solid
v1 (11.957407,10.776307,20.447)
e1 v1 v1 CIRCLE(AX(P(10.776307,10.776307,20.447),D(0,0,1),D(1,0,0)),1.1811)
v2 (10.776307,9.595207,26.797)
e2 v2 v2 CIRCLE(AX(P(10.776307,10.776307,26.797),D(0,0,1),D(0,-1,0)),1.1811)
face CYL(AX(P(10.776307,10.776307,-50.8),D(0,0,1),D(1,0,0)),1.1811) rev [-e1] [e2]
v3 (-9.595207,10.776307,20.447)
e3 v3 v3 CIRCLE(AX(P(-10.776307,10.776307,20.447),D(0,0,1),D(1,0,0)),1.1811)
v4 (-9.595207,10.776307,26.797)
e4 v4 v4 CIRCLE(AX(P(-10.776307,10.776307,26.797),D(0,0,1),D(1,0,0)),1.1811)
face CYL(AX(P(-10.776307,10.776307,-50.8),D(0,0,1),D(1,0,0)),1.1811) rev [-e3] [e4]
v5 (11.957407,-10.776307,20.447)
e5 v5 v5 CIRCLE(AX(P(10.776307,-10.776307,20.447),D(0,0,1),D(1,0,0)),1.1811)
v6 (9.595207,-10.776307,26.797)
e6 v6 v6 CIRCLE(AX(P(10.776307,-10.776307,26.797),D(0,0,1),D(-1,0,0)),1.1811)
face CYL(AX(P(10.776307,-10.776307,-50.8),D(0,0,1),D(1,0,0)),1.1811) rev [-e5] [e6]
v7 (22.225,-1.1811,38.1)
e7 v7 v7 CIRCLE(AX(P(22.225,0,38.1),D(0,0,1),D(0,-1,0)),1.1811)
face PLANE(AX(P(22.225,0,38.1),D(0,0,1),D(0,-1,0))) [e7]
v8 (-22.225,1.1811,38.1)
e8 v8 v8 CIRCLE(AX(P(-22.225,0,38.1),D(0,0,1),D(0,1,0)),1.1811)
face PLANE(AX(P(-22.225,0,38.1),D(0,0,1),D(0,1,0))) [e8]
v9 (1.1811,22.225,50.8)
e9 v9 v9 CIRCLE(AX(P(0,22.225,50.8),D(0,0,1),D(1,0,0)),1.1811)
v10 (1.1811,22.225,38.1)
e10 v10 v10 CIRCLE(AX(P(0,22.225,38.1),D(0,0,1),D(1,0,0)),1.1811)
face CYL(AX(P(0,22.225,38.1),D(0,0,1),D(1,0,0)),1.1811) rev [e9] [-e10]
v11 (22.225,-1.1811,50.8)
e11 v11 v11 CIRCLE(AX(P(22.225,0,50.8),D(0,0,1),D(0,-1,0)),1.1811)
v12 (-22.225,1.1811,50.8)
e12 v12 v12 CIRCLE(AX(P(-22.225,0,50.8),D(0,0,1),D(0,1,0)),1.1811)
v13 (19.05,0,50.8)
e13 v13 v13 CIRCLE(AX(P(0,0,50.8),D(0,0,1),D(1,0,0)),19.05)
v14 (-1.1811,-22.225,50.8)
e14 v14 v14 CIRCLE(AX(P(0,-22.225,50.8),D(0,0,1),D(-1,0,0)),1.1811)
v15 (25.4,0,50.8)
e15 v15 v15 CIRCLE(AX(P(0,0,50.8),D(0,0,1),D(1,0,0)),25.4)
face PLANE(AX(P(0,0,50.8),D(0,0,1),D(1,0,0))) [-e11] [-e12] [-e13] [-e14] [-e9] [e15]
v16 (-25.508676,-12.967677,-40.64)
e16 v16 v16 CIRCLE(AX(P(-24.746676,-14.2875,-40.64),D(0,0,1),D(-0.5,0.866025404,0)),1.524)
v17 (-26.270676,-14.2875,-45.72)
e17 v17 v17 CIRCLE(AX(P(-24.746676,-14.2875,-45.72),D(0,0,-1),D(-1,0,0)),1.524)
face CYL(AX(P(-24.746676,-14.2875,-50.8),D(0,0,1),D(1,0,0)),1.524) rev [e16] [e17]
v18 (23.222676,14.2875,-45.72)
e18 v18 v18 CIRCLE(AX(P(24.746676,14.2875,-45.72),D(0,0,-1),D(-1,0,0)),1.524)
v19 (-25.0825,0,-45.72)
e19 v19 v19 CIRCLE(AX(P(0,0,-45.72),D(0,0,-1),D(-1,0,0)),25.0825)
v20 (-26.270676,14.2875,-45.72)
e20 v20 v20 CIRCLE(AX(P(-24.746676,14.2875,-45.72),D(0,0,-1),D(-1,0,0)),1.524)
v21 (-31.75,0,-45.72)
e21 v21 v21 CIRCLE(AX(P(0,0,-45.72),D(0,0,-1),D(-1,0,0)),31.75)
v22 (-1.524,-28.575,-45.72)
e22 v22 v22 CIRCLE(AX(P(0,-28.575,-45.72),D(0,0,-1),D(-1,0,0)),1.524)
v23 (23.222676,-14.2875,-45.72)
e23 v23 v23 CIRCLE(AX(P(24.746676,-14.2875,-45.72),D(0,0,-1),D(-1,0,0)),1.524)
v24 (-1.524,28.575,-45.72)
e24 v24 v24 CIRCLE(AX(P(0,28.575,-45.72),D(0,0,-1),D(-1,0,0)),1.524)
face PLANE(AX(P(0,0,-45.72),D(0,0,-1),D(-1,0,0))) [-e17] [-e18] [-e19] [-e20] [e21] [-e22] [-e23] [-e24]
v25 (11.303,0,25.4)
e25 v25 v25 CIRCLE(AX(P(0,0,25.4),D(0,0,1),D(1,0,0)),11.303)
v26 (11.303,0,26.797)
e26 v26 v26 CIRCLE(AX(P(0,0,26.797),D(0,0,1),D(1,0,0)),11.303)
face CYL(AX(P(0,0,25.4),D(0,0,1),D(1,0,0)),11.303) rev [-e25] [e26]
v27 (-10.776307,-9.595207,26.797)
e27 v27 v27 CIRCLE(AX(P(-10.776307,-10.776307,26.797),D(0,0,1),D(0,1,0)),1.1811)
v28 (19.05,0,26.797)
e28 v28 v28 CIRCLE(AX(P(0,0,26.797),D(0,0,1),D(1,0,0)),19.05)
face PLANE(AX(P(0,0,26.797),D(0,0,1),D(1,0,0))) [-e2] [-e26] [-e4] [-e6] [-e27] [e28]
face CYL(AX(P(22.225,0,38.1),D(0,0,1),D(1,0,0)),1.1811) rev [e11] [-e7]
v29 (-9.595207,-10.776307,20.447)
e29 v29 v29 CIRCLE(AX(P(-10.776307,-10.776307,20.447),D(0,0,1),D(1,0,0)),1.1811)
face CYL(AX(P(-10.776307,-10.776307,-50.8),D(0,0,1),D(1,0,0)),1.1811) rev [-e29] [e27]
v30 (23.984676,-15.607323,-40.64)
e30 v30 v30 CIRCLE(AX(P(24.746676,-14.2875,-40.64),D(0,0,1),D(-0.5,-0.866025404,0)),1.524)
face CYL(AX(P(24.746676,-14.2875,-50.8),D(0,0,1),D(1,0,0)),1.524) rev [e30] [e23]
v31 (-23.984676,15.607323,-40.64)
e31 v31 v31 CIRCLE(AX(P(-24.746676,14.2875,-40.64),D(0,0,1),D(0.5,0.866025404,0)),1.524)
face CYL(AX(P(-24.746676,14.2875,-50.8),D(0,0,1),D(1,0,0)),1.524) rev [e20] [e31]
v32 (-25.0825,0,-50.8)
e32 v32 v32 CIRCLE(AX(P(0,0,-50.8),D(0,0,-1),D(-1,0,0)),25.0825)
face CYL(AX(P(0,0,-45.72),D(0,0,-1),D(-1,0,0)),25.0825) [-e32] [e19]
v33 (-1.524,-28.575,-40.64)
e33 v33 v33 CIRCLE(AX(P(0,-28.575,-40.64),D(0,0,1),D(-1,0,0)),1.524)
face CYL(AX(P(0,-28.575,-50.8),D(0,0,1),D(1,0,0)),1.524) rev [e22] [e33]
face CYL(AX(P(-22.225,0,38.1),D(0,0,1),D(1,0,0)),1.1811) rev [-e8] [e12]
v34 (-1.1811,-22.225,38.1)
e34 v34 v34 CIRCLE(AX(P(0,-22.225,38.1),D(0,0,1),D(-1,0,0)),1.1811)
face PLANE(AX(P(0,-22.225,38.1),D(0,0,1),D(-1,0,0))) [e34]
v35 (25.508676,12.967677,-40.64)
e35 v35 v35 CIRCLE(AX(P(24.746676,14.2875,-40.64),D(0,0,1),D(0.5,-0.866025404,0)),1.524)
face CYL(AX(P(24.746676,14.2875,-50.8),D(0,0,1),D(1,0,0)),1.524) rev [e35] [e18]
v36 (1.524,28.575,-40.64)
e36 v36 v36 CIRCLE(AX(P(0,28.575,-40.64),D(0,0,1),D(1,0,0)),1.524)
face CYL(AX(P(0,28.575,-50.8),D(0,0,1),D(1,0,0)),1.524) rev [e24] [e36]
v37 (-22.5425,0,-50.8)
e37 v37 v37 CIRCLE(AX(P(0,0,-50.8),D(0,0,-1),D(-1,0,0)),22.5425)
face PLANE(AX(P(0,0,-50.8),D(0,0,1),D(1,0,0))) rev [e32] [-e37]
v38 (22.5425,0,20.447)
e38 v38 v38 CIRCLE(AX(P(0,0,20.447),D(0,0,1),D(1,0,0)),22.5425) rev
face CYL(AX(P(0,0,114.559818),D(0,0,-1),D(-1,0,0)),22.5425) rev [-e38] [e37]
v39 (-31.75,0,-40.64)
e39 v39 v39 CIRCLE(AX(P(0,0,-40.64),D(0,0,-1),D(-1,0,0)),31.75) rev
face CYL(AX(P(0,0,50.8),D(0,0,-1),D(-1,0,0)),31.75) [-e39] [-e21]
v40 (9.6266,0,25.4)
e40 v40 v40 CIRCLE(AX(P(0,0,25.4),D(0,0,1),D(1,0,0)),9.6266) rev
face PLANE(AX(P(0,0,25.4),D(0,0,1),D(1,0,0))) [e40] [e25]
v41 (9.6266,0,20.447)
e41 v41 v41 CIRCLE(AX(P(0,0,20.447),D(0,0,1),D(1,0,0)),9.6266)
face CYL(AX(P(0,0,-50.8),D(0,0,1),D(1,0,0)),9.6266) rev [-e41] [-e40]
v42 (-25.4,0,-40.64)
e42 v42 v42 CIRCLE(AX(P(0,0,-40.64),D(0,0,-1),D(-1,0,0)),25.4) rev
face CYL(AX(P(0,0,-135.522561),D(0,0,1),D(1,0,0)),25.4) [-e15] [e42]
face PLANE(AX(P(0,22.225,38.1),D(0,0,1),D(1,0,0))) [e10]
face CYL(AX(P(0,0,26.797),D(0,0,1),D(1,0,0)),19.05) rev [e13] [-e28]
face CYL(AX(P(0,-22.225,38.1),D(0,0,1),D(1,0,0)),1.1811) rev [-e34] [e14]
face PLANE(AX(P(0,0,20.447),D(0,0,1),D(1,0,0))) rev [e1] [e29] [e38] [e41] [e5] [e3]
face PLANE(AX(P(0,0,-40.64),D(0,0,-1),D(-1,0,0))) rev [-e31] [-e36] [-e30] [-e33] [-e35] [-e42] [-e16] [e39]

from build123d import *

# Parameters (mm, degrees)
SKETCH1_R           = 31.75
BOSS_EXTRUDE1_DEPTH = 50.8
SKETCH2_R           = 31.75
SKETCH2_R_2         = 25.0825
CUT_EXTRUDE1_DEPTH  = 5.08
SKETCH3_R           = 22.5425
CUT_EXTRUDE2_DEPTH  = 71.247
SKETCH4_R           = 31.75
SKETCH4_R_2         = 25.4
CUT_EXTRUDE3_DEPTH  = 91.44
SKETCH5_R           = 19.05
CUT_EXTRUDE4_DEPTH  = 24.003
SKETCH6_R           = 9.6266
CUT_EXTRUDE5_DEPTH  = 78.597
SKETCH8_R           = 1.524
CUT_EXTRUDE6_DEPTH  = 11.16
CIRPATTERN1_COUNT   = 6
SKETCH9_R           = 1.1811
CUT_EXTRUDE7_DEPTH  = 12.7
CIRPATTERN2_COUNT   = 4
SKETCH10_R          = 11.303
CUT_EXTRUDE8_DEPTH  = 1.397
SKETCH11_R          = 1.1811
CUT_EXTRUDE9_DEPTH  = 78.597
CIRPATTERN3_COUNT   = 4


with BuildPart() as part:
    # Sketch1 → Boss-Extrude1 (new body, symmetric)
    with BuildSketch(Plane.XY):
        Circle(SKETCH1_R)
    extrude(amount=BOSS_EXTRUDE1_DEPTH, both=True)

    # Sketch2 → Cut-Extrude1 (cut)
    with BuildSketch(Plane(origin=(0, 0, -50.8), x_dir=(-1, 0, 0), z_dir=(0, 0, -1))):
        Circle(SKETCH2_R)
        Circle(SKETCH2_R_2, mode=Mode.SUBTRACT)
    extrude(amount=-CUT_EXTRUDE1_DEPTH, mode=Mode.SUBTRACT)

    # Sketch3 → Cut-Extrude2 (cut)
    with BuildSketch(Plane(origin=(0, 0, -50.8), x_dir=(-1, 0, 0), z_dir=(0, 0, -1))):
        Circle(SKETCH3_R)
    extrude(amount=-CUT_EXTRUDE2_DEPTH, mode=Mode.SUBTRACT)

    # Sketch4 → Cut-Extrude3 (cut)
    with BuildSketch(Plane.XY.offset(50.8)):
        Circle(SKETCH4_R)
        Circle(SKETCH4_R_2, mode=Mode.SUBTRACT)
    extrude(amount=-CUT_EXTRUDE3_DEPTH, mode=Mode.SUBTRACT)

    # Sketch5 → Cut-Extrude4 (cut)
    with BuildSketch(Plane.XY.offset(50.8)):
        Circle(SKETCH5_R)
    extrude(amount=-CUT_EXTRUDE4_DEPTH, mode=Mode.SUBTRACT)

    # Sketch6 → Cut-Extrude5 (cut, through all)
    with BuildSketch(Plane.XY.offset(26.797)):
        Circle(SKETCH6_R)
    extrude(amount=-CUT_EXTRUDE5_DEPTH, mode=Mode.SUBTRACT)

    # Sketch8 → Cut-Extrude6 (cut, through all)
    with BuildSketch(Plane.XY.offset(-40.64)):
        with Locations((0, 28.575)):
            Circle(SKETCH8_R)
    cut_extrude6 = extrude(amount=-CUT_EXTRUDE6_DEPTH, mode=Mode.SUBTRACT)

    # CirPattern1: Cut-Extrude6 ×6 about axis
    cirpattern1_axis = Axis((0, 0, 0), (0, 0, 1))
    for i in range(1, CIRPATTERN1_COUNT):
        add(cut_extrude6.rotate(cirpattern1_axis, i * 360 / CIRPATTERN1_COUNT), mode=Mode.SUBTRACT)

    # Sketch9 → Cut-Extrude7 (cut)
    with BuildSketch(Plane.XY.offset(50.8)):
        with Locations((0, 22.225)):
            Circle(SKETCH9_R)
    cut_extrude7 = extrude(amount=-CUT_EXTRUDE7_DEPTH, mode=Mode.SUBTRACT)

    # CirPattern2: Cut-Extrude7 ×4 about axis
    cirpattern2_axis = Axis((0, 0, 0), (0, 0, 1))
    for i in range(1, CIRPATTERN2_COUNT):
        add(cut_extrude7.rotate(cirpattern2_axis, i * 360 / CIRPATTERN2_COUNT), mode=Mode.SUBTRACT)

    # Sketch10 → Cut-Extrude8 (cut)
    with BuildSketch(Plane.XY.offset(26.797)):
        Circle(SKETCH10_R)
    extrude(amount=-CUT_EXTRUDE8_DEPTH, mode=Mode.SUBTRACT)

    # Sketch11 → Cut-Extrude9 (cut, through all)
    with BuildSketch(Plane.XY.offset(26.797)):
        with Locations((-10.776307345, 10.776307345)):
            Circle(SKETCH11_R)
    cut_extrude9 = extrude(amount=-CUT_EXTRUDE9_DEPTH, mode=Mode.SUBTRACT)

    # CirPattern3: Cut-Extrude9 ×4 about axis
    cirpattern3_axis = Axis((0, 0, 0), (0, 0, 1))
    for i in range(1, CIRPATTERN3_COUNT):
        add(cut_extrude9.rotate(cirpattern3_axis, i * 360 / CIRPATTERN3_COUNT), mode=Mode.SUBTRACT)


solid = part.part
